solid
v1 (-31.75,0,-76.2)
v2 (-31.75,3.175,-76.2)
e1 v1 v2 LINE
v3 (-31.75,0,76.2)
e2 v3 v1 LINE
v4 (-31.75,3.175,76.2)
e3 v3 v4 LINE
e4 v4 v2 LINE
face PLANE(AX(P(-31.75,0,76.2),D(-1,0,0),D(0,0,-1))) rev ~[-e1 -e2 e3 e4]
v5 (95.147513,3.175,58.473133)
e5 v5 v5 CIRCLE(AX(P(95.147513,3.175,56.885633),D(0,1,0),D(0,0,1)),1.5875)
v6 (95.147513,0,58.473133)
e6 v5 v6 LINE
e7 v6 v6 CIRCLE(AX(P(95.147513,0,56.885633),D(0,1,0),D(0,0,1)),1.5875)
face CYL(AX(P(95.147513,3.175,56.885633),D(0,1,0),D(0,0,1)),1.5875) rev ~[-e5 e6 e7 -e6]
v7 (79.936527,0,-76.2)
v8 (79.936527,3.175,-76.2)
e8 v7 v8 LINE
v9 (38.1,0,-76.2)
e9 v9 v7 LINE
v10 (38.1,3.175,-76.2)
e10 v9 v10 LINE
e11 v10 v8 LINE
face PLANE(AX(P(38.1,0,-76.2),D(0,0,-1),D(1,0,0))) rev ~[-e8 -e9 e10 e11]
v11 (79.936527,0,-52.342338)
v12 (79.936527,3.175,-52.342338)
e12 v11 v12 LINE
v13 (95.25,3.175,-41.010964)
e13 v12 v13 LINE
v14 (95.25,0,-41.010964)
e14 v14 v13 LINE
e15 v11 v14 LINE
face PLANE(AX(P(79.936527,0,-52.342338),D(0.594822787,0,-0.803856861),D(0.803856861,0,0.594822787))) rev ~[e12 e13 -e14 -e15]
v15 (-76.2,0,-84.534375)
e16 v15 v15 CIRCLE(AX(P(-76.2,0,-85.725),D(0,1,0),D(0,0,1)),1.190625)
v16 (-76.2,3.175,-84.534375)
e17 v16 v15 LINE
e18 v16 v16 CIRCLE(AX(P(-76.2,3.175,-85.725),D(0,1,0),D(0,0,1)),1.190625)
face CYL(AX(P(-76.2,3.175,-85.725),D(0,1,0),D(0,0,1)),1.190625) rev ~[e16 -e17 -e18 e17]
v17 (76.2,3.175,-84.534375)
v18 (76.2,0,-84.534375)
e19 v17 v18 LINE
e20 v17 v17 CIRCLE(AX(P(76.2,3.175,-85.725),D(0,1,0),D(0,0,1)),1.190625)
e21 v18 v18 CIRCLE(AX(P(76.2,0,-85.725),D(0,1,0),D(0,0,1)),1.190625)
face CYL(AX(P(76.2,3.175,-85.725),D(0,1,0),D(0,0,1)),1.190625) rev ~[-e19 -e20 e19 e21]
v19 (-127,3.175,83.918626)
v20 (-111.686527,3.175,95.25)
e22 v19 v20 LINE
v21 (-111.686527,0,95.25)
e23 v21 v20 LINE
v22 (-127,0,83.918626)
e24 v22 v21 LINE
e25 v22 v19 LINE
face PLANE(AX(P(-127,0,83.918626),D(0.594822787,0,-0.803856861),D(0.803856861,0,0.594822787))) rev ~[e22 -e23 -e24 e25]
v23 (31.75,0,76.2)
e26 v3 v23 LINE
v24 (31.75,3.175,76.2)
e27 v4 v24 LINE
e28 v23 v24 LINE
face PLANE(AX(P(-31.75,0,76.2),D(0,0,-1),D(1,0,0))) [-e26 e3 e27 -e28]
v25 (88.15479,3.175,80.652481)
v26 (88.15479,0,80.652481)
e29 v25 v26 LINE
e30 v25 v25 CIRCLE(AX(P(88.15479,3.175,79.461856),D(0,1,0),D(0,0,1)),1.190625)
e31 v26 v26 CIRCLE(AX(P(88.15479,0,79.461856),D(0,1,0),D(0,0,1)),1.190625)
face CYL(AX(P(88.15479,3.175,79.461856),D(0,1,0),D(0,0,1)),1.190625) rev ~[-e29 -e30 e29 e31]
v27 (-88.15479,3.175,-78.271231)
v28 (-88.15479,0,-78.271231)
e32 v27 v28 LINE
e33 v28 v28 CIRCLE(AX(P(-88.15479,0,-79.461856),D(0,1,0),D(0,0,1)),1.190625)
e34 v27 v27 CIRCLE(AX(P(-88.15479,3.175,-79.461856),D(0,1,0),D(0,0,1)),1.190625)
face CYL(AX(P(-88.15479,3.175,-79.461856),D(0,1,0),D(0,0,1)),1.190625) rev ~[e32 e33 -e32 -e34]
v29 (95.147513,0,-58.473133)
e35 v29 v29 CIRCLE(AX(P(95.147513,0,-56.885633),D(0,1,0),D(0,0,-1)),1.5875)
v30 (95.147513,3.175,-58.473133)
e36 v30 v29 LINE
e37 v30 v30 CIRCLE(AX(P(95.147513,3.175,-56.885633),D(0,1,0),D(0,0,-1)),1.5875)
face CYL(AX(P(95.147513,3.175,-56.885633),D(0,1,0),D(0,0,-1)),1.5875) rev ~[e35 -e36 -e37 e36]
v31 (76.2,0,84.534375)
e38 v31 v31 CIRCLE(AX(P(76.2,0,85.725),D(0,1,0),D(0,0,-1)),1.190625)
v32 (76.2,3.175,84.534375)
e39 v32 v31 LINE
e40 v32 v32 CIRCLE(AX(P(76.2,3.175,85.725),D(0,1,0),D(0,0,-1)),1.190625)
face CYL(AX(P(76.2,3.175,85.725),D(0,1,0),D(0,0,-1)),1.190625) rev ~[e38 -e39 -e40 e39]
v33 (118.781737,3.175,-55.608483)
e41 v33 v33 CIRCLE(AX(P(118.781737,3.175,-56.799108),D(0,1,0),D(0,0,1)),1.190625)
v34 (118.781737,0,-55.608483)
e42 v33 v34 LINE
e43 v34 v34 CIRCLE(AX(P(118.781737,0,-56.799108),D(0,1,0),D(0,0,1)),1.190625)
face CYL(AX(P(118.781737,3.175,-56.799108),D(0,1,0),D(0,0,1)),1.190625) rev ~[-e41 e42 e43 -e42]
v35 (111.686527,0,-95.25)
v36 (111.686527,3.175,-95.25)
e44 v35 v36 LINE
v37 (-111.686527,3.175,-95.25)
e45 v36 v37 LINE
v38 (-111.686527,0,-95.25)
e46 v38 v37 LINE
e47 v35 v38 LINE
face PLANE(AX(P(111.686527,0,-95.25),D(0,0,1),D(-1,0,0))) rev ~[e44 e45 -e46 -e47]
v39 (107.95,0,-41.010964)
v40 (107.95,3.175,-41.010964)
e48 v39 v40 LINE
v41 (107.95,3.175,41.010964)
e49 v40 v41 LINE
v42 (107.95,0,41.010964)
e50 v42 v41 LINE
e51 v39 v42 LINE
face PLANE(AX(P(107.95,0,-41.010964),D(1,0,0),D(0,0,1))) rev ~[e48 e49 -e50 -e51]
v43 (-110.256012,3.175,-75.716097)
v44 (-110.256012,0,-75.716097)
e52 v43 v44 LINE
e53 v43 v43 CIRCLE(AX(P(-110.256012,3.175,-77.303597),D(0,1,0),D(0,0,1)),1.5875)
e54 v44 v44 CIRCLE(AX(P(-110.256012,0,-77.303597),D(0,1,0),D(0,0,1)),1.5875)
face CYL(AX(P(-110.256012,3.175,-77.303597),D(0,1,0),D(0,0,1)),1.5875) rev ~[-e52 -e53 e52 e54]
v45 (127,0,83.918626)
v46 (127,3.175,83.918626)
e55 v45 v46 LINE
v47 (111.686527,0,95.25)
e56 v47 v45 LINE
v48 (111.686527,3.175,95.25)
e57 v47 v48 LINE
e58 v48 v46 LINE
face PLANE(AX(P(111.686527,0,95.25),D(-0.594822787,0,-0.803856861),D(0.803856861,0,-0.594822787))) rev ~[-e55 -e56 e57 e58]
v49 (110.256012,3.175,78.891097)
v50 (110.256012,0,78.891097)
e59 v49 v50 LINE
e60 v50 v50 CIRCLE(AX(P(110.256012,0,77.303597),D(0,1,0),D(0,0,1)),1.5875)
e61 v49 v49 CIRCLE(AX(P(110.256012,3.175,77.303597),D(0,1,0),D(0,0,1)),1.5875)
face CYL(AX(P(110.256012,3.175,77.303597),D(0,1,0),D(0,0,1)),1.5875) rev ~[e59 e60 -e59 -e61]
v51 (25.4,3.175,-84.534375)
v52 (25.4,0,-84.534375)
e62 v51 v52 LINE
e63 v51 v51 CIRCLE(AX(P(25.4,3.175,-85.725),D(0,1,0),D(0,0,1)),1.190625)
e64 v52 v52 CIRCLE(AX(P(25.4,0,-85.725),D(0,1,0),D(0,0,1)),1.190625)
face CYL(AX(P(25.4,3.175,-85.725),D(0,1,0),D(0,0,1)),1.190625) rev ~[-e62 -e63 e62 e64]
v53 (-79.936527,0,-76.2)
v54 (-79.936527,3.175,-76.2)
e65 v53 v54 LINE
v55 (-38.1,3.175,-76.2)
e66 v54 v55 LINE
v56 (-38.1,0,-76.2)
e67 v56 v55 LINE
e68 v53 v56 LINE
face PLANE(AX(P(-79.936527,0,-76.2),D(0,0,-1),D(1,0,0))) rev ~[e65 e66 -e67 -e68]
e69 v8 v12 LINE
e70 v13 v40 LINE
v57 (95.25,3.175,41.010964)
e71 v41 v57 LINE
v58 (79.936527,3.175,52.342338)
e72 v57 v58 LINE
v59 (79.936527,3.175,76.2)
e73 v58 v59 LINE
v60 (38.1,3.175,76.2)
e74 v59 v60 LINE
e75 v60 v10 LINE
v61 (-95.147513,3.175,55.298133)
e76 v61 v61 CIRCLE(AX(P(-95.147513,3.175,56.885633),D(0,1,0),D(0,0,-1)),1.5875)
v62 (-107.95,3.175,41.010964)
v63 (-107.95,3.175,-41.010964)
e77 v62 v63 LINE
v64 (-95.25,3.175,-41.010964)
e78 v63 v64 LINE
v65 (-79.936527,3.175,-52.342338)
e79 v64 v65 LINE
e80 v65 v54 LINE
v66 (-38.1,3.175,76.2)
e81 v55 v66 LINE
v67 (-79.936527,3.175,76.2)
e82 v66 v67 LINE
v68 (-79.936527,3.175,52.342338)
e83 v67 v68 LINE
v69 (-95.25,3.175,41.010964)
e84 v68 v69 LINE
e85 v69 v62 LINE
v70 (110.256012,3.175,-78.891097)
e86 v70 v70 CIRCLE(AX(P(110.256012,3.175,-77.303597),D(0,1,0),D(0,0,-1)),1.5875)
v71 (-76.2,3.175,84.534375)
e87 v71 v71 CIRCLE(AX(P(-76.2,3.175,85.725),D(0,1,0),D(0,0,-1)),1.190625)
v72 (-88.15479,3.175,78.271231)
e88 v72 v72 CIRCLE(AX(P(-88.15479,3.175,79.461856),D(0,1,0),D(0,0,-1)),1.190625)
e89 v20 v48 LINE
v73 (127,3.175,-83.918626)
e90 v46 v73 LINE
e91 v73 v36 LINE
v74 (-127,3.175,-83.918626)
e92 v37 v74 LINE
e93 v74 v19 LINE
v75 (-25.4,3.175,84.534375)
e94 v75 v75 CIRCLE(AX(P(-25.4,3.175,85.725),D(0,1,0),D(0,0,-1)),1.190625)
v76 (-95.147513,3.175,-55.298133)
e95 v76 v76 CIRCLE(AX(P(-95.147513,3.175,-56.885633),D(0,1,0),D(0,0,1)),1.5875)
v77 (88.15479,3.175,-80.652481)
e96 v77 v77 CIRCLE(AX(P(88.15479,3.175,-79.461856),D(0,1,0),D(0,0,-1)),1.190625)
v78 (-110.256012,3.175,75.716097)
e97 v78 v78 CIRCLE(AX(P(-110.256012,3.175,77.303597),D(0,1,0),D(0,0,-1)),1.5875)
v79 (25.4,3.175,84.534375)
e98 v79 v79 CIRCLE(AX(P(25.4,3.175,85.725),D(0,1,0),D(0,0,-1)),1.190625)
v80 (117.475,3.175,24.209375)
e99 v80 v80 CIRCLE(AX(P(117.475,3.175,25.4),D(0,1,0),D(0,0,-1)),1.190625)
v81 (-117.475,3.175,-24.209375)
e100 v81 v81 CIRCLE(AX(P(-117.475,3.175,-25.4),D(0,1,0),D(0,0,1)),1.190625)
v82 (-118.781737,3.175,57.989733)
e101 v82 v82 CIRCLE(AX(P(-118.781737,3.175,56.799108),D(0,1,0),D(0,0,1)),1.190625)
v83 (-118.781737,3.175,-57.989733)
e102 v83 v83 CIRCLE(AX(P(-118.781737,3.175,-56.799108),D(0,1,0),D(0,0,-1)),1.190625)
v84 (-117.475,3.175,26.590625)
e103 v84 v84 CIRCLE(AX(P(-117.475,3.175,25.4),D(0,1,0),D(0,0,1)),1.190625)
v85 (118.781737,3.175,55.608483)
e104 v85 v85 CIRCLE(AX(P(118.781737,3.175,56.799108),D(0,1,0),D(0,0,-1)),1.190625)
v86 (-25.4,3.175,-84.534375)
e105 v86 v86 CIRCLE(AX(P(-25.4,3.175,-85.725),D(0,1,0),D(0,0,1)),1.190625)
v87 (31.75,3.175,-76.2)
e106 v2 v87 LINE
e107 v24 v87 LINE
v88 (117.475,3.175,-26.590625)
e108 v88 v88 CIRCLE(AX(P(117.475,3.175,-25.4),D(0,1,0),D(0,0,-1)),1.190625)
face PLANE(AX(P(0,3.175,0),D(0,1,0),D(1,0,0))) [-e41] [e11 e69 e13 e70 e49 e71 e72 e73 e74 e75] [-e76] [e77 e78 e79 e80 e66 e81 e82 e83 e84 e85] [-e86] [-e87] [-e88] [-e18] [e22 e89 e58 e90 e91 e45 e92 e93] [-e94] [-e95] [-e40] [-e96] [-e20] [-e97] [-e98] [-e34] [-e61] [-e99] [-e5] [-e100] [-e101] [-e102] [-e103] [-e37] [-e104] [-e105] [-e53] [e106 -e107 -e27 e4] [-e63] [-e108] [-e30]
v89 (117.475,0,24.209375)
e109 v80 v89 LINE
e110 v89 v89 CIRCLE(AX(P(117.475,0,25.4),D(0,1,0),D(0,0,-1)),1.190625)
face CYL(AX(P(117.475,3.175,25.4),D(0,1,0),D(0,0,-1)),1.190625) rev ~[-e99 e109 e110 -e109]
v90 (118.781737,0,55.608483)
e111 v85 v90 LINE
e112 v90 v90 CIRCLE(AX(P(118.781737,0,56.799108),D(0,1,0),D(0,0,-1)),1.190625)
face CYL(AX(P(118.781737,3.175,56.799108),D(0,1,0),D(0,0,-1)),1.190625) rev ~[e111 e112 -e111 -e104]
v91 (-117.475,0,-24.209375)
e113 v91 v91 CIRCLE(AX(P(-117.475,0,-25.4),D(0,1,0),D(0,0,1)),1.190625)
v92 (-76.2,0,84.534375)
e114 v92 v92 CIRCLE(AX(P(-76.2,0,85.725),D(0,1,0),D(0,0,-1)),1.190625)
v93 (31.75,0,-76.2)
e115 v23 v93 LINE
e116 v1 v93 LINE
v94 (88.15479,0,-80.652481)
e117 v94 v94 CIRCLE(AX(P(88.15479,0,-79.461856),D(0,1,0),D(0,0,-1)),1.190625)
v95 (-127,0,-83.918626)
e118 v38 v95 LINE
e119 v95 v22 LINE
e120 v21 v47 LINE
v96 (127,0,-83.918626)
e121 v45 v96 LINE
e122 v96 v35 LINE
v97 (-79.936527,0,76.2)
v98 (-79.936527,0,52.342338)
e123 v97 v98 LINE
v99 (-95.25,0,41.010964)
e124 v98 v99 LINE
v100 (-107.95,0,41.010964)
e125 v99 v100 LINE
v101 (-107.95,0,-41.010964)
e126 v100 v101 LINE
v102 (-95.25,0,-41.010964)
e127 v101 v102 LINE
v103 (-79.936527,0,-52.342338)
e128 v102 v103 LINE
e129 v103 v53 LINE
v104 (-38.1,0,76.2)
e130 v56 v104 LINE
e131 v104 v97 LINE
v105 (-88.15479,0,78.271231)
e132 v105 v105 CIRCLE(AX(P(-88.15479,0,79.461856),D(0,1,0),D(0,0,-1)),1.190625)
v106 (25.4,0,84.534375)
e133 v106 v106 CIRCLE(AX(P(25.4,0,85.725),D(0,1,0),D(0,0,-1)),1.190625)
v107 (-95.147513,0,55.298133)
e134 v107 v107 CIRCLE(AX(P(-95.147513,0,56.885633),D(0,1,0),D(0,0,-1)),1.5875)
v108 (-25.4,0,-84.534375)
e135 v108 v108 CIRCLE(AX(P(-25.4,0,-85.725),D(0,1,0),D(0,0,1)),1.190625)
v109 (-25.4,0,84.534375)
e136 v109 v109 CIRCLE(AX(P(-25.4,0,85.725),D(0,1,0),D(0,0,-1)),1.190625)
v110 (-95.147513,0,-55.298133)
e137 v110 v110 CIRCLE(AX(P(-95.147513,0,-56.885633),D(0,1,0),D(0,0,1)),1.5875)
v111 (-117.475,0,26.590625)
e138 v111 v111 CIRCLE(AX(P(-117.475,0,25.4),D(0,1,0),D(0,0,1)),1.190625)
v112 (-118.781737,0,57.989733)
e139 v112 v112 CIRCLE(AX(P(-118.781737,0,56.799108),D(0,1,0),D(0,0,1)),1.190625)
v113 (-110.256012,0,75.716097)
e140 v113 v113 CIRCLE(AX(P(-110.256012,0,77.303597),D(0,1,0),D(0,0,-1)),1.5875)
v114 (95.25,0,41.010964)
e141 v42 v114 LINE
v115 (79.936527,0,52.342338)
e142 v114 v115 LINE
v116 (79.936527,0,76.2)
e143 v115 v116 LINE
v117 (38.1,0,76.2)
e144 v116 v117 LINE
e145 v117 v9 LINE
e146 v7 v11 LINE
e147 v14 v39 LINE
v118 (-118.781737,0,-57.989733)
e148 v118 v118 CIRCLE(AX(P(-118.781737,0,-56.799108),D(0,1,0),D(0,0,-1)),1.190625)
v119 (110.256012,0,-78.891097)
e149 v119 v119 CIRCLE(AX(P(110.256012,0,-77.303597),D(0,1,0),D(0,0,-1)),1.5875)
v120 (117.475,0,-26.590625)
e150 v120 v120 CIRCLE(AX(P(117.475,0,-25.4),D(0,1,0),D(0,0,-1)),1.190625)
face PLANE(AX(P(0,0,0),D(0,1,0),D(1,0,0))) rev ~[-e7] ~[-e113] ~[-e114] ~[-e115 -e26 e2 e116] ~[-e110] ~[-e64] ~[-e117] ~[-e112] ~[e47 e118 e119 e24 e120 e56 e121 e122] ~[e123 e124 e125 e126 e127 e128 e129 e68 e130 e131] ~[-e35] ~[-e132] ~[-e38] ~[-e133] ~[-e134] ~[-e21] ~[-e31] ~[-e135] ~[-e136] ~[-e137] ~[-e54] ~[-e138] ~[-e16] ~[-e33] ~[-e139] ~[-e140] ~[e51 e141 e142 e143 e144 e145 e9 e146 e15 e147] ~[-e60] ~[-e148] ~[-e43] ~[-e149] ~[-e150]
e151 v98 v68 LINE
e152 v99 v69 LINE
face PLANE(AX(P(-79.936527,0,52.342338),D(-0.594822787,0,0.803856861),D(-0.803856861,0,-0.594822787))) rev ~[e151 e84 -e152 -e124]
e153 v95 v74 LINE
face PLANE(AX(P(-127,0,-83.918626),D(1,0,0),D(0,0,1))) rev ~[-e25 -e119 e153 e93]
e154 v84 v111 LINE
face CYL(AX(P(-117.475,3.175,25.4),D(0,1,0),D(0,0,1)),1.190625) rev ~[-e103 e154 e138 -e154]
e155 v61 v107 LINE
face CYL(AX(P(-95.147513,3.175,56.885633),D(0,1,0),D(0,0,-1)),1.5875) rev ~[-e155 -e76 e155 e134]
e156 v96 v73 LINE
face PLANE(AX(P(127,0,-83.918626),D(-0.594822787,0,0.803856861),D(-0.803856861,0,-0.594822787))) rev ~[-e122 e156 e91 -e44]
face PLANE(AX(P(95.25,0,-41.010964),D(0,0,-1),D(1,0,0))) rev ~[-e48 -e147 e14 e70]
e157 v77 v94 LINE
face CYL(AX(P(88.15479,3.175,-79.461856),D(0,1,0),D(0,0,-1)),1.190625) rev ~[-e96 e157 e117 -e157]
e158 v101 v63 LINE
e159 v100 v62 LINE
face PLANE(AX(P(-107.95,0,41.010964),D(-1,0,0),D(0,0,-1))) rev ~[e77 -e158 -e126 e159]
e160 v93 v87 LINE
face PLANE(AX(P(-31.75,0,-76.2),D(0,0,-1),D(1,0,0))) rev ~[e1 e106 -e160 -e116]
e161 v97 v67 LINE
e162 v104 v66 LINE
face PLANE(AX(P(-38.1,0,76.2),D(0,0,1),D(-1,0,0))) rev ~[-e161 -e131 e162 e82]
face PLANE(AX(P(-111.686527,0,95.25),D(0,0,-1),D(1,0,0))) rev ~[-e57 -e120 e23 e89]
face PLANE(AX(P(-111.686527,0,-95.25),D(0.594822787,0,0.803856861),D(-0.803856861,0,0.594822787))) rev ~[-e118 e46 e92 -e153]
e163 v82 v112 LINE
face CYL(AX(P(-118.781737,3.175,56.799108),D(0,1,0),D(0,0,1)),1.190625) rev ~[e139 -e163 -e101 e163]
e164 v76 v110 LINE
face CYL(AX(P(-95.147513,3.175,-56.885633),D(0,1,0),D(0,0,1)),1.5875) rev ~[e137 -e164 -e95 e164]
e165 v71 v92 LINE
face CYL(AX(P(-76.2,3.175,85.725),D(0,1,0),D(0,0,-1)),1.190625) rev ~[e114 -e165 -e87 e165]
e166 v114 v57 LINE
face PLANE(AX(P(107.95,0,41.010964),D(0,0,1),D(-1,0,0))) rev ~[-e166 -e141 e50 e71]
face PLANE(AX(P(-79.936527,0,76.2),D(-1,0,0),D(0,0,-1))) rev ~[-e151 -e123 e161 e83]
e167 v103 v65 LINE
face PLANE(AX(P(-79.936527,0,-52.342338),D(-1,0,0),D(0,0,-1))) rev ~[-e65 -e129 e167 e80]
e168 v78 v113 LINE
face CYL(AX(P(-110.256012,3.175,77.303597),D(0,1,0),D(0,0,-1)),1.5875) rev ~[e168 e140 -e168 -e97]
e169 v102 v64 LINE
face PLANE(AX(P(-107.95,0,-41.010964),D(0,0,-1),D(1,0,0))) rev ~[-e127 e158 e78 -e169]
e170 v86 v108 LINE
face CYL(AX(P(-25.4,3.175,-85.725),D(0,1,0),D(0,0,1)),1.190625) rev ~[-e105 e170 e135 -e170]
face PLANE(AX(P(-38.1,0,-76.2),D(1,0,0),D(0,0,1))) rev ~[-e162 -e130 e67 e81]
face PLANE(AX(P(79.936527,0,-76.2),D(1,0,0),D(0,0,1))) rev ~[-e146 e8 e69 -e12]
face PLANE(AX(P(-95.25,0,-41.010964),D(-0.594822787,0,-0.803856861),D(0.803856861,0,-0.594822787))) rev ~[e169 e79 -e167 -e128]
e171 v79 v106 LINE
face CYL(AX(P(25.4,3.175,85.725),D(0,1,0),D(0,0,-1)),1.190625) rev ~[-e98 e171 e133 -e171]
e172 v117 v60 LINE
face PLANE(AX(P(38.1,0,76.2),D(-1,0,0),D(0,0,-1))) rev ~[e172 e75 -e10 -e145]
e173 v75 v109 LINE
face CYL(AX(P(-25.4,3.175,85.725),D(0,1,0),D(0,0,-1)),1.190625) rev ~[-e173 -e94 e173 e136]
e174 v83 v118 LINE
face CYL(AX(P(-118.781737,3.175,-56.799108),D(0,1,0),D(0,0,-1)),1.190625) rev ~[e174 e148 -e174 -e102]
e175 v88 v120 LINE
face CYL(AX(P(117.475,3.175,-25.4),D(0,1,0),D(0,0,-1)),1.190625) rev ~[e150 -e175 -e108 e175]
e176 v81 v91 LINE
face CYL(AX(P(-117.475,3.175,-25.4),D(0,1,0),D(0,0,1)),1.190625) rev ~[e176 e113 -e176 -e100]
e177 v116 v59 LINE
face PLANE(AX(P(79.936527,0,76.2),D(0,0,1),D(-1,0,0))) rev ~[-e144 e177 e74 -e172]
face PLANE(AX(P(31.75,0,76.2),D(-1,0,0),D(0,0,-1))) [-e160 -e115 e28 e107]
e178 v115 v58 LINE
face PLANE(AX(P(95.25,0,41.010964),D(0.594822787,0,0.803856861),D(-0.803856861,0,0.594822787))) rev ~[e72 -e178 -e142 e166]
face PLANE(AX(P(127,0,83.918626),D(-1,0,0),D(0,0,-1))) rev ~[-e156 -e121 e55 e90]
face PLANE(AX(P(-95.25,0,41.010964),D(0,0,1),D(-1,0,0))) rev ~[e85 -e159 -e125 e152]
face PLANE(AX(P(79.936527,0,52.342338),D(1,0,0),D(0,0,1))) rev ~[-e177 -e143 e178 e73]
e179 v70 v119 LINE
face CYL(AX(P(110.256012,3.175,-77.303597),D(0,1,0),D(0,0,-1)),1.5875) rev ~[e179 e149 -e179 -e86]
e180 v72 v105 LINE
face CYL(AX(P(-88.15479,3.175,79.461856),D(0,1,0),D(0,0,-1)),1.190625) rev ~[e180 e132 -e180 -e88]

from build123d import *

# Parameters (mm, degrees)
SKETCH1_W           = 63.5
SKETCH1_H           = 152.4
BOSS_EXTRUDE1_DEPTH = 3.175
SKETCH2_R           = 1.5875
SKETCH2_R_2         = 1.190625
CUT_EXTRUDE1_DEPTH  = 159.781746826
SKETCH3_R           = 1.190625
CUT_EXTRUDE2_DEPTH  = 159.781746826


with BuildPart() as part:
    # Sketch1 → Boss-Extrude1 (new body)
    with BuildSketch(Plane(origin=(0, 0, 0), x_dir=(1, 0, 0), z_dir=(0, 1, 0))):
        Polygon((-111.686526805, 95.25), (-127, 83.918625912), (-127, -83.918625912), (-111.686526805, -95.25), (111.686526805, -95.25), (127, -83.918625912), (127, 83.918625912), (111.686526805, 95.25), align=None)
        Polygon((-107.95, -41.010963508), (-107.95, 41.010963508), (-95.25, 41.010963508), (-79.936526805, 52.342337595), (-79.936526805, 76.2), (-38.1, 76.2), (-38.1, -76.2), (-79.936526805, -76.2), (-79.936526805, -52.342337595), (-95.25, -41.010963508), align=None, mode=Mode.SUBTRACT)
        Rectangle(SKETCH1_W, SKETCH1_H, mode=Mode.SUBTRACT)
        Polygon((79.936526805, -76.2), (38.1, -76.2), (38.1, 76.2), (79.936526805, 76.2), (79.936526805, 52.342337595), (95.25, 41.010963508), (107.95, 41.010963508), (107.95, -41.010963508), (95.25, -41.010963508), (79.936526805, -52.342337595), align=None, mode=Mode.SUBTRACT)
    extrude(amount=BOSS_EXTRUDE1_DEPTH)

    # Sketch2 → Cut-Extrude1 (cut, through all)
    with BuildSketch(Plane(origin=(0, 3.175, 0), x_dir=(1, 0, 0), z_dir=(0, 1, 0))):
        with Locations(Location((-95.147512794, 56.885632681, 0), (0, 0, 270))):
            Circle(SKETCH2_R)
        with Locations(Location((-110.256011578, 77.303596941, 0), (0, 0, 270))):
            Circle(SKETCH2_R)
        with Locations(Location((110.256011578, 77.303596941, 0), (0, 0, 90))):
            Circle(SKETCH2_R)
        with Locations(Location((95.147512794, 56.885632681, 0), (0, 0, 90))):
            Circle(SKETCH2_R)
        with Locations(Location((110.256011578, -77.303596941, 0), (0, 0, 270))):
            Circle(SKETCH2_R)
        with Locations(Location((95.147512794, -56.885632681, 0), (0, 0, 270))):
            Circle(SKETCH2_R)
        with Locations(Location((-110.256011578, -77.303596941, 0), (0, 0, 90))):
            Circle(SKETCH2_R)
        with Locations(Location((-95.147512794, -56.885632681, 0), (0, 0, 90))):
            Circle(SKETCH2_R)
        with Locations(Location((-88.154790208, 79.461855841, 0), (0, 0, 270))):
            Circle(SKETCH2_R_2)
        with Locations(Location((-118.781736597, 56.799107666, 0), (0, 0, 90))):
            Circle(SKETCH2_R_2)
        with Locations(Location((118.781736597, 56.799107666, 0), (0, 0, 270))):
            Circle(SKETCH2_R_2)
        with Locations(Location((88.154790208, 79.461855841, 0), (0, 0, 90))):
            Circle(SKETCH2_R_2)
        with Locations(Location((118.781736597, -56.799107666, 0), (0, 0, 90))):
            Circle(SKETCH2_R_2)
        with Locations(Location((88.154790208, -79.461855841, 0), (0, 0, 270))):
            Circle(SKETCH2_R_2)
        with Locations(Location((-88.154790208, -79.461855841, 0), (0, 0, 90))):
            Circle(SKETCH2_R_2)
        with Locations(Location((-118.781736597, -56.799107666, 0), (0, 0, 270))):
            Circle(SKETCH2_R_2)
    extrude(amount=-CUT_EXTRUDE1_DEPTH, mode=Mode.SUBTRACT)

    # Sketch3 → Cut-Extrude2 (cut, through all)
    with BuildSketch(Plane(origin=(0, 3.175, 0), x_dir=(1, 0, 0), z_dir=(0, 1, 0))):
        with Locations(Location((-76.2, 85.725, 0), (0, 0, 270))):
            Circle(SKETCH3_R)
        with Locations(Location((-25.4, 85.725, 0), (0, 0, 270))):
            Circle(SKETCH3_R)
        with Locations(Location((25.4, 85.725, 0), (0, 0, 270))):
            Circle(SKETCH3_R)
        with Locations(Location((76.2, 85.725, 0), (0, 0, 270))):
            Circle(SKETCH3_R)
        with Locations(Location((76.2, -85.725, 0), (0, 0, 90))):
            Circle(SKETCH3_R)
        with Locations(Location((25.4, -85.725, 0), (0, 0, 90))):
            Circle(SKETCH3_R)
        with Locations(Location((-25.4, -85.725, 0), (0, 0, 90))):
            Circle(SKETCH3_R)
        with Locations(Location((-76.2, -85.725, 0), (0, 0, 90))):
            Circle(SKETCH3_R)
        with Locations(Location((-117.475, -25.4, 0), (0, 0, 270))):
            Circle(SKETCH3_R)
        with Locations(Location((-117.475, 25.4, 0), (0, 0, 270))):
            Circle(SKETCH3_R)
        with Locations(Location((117.475, 25.4, 0), (0, 0, 90))):
            Circle(SKETCH3_R)
        with Locations(Location((117.475, -25.4, 0), (0, 0, 90))):
            Circle(SKETCH3_R)
    extrude(amount=-CUT_EXTRUDE2_DEPTH, mode=Mode.SUBTRACT)


solid = part.part
